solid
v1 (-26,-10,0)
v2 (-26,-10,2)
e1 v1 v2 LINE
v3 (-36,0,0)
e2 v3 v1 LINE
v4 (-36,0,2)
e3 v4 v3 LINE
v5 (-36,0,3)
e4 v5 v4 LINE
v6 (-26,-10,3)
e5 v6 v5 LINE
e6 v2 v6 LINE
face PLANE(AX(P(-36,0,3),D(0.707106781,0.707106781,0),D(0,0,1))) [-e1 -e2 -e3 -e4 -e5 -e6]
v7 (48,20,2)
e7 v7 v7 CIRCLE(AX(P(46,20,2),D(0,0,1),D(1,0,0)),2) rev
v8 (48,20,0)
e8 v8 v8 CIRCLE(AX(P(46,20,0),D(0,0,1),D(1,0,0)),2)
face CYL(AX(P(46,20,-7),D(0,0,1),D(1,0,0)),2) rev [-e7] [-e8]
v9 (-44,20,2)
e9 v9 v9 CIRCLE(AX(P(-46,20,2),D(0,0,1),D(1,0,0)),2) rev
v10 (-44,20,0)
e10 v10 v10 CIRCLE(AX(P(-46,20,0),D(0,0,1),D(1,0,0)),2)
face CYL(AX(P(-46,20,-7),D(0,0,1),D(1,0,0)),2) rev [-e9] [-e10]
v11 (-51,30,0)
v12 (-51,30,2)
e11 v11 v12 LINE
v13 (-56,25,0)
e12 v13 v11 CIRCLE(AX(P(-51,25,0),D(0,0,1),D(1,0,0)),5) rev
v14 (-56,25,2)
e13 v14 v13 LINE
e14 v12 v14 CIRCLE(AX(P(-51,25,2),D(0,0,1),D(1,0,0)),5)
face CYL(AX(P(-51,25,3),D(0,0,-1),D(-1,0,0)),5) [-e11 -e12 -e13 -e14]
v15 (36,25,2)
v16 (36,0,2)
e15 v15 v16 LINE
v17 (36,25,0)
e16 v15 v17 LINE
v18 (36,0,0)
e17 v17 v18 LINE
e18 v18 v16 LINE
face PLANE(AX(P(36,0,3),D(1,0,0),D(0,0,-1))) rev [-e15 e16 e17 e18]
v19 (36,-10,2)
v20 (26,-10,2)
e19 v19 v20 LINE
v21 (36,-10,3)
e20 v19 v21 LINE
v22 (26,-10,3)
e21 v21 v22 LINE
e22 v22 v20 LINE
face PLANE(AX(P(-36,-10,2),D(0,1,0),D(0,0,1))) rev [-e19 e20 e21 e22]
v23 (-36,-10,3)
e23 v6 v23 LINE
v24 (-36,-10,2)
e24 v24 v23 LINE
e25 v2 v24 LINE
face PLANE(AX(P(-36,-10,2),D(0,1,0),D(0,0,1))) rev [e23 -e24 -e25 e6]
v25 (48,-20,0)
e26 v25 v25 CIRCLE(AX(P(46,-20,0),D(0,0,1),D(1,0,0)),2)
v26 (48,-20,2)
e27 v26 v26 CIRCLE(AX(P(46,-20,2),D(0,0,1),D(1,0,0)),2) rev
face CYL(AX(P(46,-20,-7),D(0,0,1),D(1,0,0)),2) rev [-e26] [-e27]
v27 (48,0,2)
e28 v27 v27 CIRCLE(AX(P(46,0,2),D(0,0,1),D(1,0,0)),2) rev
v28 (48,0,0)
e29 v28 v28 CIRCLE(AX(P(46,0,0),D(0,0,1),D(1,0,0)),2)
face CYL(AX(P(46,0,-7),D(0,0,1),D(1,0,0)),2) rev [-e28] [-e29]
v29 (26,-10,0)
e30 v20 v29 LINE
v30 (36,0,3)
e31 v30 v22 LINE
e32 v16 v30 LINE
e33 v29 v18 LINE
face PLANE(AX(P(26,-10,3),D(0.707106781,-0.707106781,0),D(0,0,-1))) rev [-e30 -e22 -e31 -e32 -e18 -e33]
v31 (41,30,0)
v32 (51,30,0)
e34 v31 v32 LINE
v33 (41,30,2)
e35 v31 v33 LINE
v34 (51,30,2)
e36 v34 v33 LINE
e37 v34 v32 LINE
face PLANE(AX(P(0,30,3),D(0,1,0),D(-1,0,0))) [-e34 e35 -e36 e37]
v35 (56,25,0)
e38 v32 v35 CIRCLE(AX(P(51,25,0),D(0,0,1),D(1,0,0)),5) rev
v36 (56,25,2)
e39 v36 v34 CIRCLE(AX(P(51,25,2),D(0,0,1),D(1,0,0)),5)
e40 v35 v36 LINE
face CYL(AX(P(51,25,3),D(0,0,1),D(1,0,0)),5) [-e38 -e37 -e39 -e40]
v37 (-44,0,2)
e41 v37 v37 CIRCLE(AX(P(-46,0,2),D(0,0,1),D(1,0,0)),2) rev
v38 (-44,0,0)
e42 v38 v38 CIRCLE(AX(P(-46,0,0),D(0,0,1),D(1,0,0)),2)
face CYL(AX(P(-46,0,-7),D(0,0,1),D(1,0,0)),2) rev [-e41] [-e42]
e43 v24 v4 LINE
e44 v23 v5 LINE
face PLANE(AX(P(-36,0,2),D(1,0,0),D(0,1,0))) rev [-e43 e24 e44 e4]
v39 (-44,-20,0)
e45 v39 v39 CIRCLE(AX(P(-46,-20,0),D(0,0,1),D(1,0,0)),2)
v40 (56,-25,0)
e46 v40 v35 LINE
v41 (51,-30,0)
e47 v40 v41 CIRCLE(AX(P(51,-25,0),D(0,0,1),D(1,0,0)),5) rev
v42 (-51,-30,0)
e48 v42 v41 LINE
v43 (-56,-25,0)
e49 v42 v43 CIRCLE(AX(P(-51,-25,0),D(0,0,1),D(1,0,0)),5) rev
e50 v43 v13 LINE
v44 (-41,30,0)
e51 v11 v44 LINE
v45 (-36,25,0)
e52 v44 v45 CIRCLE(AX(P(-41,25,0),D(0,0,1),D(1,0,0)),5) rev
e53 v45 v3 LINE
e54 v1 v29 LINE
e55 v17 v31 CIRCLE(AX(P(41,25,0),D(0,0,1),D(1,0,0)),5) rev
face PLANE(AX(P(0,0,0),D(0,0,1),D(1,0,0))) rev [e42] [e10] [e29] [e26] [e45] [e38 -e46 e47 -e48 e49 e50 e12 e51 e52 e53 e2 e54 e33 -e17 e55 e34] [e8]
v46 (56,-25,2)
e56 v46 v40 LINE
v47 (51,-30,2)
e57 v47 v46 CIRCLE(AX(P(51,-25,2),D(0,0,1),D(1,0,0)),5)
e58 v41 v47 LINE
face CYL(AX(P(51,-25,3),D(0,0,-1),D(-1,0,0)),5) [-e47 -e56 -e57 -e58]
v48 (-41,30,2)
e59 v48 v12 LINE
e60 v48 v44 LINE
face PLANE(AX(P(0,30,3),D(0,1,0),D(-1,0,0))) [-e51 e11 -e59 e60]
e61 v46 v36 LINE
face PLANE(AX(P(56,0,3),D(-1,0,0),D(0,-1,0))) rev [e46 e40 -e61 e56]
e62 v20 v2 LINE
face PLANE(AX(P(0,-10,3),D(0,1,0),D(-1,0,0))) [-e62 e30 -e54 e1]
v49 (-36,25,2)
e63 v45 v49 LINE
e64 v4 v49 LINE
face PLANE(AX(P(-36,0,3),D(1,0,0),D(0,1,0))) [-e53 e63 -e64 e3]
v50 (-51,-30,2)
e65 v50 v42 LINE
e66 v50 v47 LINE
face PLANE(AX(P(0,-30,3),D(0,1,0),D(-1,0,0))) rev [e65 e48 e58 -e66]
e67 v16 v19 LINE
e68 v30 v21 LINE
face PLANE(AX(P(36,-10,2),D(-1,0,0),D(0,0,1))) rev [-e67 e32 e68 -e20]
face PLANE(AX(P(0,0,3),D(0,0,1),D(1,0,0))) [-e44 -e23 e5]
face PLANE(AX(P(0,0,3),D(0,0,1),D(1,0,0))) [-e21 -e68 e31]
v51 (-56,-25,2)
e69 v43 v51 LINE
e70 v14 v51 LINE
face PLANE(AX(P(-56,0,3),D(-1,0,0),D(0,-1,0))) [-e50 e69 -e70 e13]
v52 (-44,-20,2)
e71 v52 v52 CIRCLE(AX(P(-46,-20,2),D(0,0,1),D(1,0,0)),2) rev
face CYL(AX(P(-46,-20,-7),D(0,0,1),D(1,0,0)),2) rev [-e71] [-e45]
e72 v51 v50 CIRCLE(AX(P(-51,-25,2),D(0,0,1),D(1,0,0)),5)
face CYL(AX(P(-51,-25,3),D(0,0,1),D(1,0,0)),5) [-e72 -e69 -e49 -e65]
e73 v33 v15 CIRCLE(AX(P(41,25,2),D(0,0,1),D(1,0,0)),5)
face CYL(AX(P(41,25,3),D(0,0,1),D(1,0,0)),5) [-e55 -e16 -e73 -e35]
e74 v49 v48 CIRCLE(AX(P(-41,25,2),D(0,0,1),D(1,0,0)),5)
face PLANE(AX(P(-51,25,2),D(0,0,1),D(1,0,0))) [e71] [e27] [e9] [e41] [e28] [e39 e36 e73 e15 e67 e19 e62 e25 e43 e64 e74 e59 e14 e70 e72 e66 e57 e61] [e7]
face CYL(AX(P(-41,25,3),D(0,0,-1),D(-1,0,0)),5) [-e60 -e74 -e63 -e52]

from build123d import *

# Parameters (mm, degrees)
EXTRUDE_1_DEPTH     = 3
SKETCH_3_R          = 2
CUT_EXTRUDE_2_DEPTH = 10
FILLET_2_R          = 5
CHAMFER_1_SIZE      = 10
CUT_EXTRUDE_3_DEPTH = 1


with BuildPart() as part:
    # ｽｹｯﾁ1 → ﾎﾞｽ - 押し出し1 (new body)
    with BuildSketch(Plane.XY):
        Polygon((-56, 30), (-56, -30), (56, -30), (56, 30), (36, 30), (36, -10), (-36, -10), (-36, 30), align=None)
    extrude(amount=EXTRUDE_1_DEPTH)

    # ｽｹｯﾁ3 → ｶｯﾄ - 押し出し2 (cut)
    with BuildSketch(Plane.XY.offset(3)):
        with Locations((-46, -20)):
            Circle(SKETCH_3_R)
        with Locations((46, -20)):
            Circle(SKETCH_3_R)
        with Locations((46, 0)):
            Circle(SKETCH_3_R)
        with Locations((-46, 0)):
            Circle(SKETCH_3_R)
        with Locations((-46, 20)):
            Circle(SKETCH_3_R)
        with Locations((46, 20)):
            Circle(SKETCH_3_R)
    extrude(amount=-CUT_EXTRUDE_2_DEPTH, mode=Mode.SUBTRACT)

    # ﾌｨﾚｯﾄ2
    fillet_2_edges = [part.edges().sort_by_distance(p)[0] for p in [
        (36, 30, 1.5),
        (56, 30, 1.5),
        (56, -30, 1.5),
        (-56, -30, 1.5),
        (-56, 30, 1.5),
        (-36, 30, 1.5),
    ]]
    fillet(fillet_2_edges, radius=FILLET_2_R)

    # 面取り1
    chamfer_1_edges = [part.edges().sort_by_distance(p)[0] for p in [
        (36, -10, 1.5),
        (-36, -10, 1.5),
    ]]
    chamfer(chamfer_1_edges, length=CHAMFER_1_SIZE)

    # ｽｹｯﾁ4 → ｶｯﾄ - 押し出し3 (cut)
    with BuildSketch(Plane.XY.offset(3)):
        with BuildLine():
            Line((-36, 0), (-36, -10))
            Line((-36, -10), (-26, -10))
            Line((-26, -10), (26, -10))
            Line((26, -10), (36, -10))
            Line((36, -10), (36, 0))
            Line((36, 0), (36, 25))
            ThreePointArc((36, 25), (37.464466094, 28.535533906), (41, 30))
            Line((41, 30), (51, 30))
            ThreePointArc((51, 30), (54.535533906, 28.535533906), (56, 25))
            Line((56, 25), (56, -25))
            ThreePointArc((56, -25), (54.535533906, -28.535533906), (51, -30))
            Line((51, -30), (-51, -30))
            ThreePointArc((-51, -30), (-54.535533906, -28.535533906), (-56, -25))
            Line((-56, -25), (-56, 25))
            ThreePointArc((-56, 25), (-54.535533906, 28.535533906), (-51, 30))
            Line((-51, 30), (-41, 30))
            ThreePointArc((-41, 30), (-37.464466094, 28.535533906), (-36, 25))
            Line((-36, 25), (-36, 0))
        make_face()
    extrude(amount=-CUT_EXTRUDE_3_DEPTH, mode=Mode.SUBTRACT)


solid = part.part
